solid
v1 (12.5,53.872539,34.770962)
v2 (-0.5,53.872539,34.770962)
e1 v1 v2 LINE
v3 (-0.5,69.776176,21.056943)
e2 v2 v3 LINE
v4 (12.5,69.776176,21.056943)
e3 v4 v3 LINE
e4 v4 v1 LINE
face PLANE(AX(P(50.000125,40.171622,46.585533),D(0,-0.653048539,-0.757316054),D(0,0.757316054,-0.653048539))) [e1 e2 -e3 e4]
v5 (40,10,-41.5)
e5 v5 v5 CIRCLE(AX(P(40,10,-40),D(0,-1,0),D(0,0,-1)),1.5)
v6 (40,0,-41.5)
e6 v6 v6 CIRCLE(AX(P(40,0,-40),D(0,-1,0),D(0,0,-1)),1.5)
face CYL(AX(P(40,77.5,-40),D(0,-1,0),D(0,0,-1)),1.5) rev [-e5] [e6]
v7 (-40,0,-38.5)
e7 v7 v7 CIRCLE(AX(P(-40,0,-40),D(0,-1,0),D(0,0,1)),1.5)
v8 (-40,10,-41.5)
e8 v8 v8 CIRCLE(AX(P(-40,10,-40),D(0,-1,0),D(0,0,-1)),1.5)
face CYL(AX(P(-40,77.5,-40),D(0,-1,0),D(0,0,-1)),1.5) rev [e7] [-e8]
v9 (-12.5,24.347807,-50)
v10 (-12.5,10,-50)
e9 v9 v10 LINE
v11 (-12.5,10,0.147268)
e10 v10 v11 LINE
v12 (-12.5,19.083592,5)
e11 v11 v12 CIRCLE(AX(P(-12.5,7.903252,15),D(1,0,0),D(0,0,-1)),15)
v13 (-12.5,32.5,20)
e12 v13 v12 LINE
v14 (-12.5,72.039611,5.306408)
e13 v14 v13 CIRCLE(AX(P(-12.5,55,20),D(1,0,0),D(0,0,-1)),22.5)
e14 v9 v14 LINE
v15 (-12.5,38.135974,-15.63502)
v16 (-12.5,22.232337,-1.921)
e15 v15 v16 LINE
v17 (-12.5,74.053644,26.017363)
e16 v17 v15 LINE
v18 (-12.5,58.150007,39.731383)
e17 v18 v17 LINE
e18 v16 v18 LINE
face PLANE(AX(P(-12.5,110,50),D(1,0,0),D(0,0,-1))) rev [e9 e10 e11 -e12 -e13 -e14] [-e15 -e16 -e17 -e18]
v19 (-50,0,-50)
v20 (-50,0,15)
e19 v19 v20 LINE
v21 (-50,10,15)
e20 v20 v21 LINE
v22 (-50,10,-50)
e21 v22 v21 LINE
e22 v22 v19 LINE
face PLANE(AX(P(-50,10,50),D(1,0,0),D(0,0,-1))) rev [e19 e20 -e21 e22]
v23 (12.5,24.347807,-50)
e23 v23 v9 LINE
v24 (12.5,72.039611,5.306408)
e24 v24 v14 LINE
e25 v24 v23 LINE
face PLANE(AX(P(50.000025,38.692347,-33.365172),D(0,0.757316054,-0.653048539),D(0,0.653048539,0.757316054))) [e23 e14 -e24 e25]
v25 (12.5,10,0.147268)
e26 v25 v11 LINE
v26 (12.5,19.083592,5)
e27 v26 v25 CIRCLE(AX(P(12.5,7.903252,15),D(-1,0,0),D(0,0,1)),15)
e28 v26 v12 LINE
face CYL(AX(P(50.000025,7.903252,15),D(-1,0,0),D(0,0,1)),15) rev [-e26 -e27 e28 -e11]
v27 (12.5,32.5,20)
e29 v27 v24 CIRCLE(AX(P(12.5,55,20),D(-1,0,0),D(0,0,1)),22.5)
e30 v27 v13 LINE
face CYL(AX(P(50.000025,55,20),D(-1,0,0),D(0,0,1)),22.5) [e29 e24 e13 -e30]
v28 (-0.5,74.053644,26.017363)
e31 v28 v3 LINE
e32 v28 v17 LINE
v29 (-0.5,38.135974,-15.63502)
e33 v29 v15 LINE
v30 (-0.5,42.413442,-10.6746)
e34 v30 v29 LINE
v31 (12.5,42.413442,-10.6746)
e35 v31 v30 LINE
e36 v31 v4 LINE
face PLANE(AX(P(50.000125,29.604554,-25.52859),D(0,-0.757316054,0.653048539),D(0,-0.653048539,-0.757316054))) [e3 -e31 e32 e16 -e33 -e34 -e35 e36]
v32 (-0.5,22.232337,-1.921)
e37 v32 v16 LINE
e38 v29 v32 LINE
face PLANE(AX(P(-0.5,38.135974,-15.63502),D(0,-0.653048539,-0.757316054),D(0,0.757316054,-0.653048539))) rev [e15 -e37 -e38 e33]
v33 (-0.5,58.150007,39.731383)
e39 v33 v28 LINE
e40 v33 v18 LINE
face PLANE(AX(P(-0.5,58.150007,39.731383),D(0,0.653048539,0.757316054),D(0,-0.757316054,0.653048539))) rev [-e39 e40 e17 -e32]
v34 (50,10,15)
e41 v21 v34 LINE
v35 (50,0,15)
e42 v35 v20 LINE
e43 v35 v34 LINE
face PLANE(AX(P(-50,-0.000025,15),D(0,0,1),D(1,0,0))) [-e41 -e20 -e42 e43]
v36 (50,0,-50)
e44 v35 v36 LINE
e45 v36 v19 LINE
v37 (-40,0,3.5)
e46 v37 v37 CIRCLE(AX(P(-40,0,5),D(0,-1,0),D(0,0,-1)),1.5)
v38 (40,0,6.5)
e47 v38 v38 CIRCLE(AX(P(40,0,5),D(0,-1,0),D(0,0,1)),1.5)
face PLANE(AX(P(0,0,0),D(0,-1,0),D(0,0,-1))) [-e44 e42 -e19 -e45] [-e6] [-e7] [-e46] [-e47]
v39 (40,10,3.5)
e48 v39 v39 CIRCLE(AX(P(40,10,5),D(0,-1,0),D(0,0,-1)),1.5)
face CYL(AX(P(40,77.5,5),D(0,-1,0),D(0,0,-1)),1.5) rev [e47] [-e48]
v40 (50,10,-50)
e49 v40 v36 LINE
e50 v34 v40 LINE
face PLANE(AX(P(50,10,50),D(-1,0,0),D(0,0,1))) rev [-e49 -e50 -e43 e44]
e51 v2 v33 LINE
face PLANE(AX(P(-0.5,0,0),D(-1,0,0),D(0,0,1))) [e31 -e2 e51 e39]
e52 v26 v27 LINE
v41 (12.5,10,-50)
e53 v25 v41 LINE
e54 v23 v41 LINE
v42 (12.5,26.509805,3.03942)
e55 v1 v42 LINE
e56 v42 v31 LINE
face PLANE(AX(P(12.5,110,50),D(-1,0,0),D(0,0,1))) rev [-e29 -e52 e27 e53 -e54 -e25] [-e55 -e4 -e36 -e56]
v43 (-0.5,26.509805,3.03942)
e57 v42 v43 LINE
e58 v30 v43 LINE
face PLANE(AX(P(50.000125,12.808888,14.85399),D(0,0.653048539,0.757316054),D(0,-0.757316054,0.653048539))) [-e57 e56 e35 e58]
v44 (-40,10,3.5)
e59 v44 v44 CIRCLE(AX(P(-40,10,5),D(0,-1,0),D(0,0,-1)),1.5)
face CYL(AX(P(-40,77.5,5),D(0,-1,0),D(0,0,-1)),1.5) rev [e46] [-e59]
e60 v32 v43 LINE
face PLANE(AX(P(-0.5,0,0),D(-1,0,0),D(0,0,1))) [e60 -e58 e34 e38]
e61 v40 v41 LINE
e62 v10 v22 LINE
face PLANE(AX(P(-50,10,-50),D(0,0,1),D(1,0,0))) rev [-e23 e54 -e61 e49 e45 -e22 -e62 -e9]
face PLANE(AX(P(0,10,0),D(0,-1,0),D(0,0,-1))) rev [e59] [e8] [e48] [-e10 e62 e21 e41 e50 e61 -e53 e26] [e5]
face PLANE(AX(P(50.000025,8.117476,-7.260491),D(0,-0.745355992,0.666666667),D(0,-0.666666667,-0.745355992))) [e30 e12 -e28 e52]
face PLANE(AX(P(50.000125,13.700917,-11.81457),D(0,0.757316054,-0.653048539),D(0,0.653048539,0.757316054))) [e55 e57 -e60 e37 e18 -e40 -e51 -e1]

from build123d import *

# Parameters (mm, degrees)
SKETCH2_W               = 100
SKETCH2_H               = 100
BOSS_EXTRUDE1_DEPTH     = 10
SKETCH3_W               = 25
SKETCH3_H               = 100
BOSS_EXTRUDE2_DEPTH     = 100
CUT_EXTRUDE3_DEPTH      = 137.037678604
CUT_EXTRUDE3_DEPTH_BACK = 137.037678604
CUT_EXTRUDE4_DEPTH      = 112.411399776
CUT_EXTRUDE4_DEPTH_BACK = 112.411399776
CUT_EXTRUDE5_DEPTH      = 12
CUT_EXTRUDE7_DEPTH      = 105.910676292
CUT_EXTRUDE7_DEPTH_BACK = 10
SKETCH16_W              = 100
SKETCH16_H              = 35
SKETCH17_R              = 1.5
CUT_EXTRUDE8_DEPTH      = 105.910676292


with BuildPart() as part:
    # Sketch2 → Boss-Extrude1 (new body)
    with BuildSketch(Plane(origin=(0, 0, 0), x_dir=(1, 0, 0), z_dir=(0, 1, 0))):
        Rectangle(SKETCH2_W, SKETCH2_H)
    extrude(amount=BOSS_EXTRUDE1_DEPTH)

    # Sketch3 → Boss-Extrude2 (add)
    with BuildSketch(Plane(origin=(0, 10, 0), x_dir=(1, 0, 0), z_dir=(0, 1, 0))):
        Rectangle(SKETCH3_W, SKETCH3_H)
    extrude(amount=BOSS_EXTRUDE2_DEPTH)

    # Sketch4 → Cut-Extrude3 (cut, two sides: drawn at the far end of the back side and taken through both)
    with BuildSketch(Plane.ZY.offset(12.5).offset(-CUT_EXTRUDE3_DEPTH_BACK)):
        with BuildLine():
            ThreePointArc((5, 19.083592135), (1.769637802, 14.971315355), (0.147267966, 10))
            Line((0.147267966, 10), (50, 10))
            Line((50, 10), (50, 110))
            Line((50, 110), (-50, 110))
            Line((-50, 110), (-50, 24.347807147))
            Line((-50, 24.347807147), (5.30640787, 72.039611214))
            ThreePointArc((5.30640787, 72.039611214), (29.371344009, 75.45551054), (42.5, 55))
            ThreePointArc((42.5, 55), (35.909902577, 39.090097423), (20, 32.5))
            Line((20, 32.5), (5, 19.083592135))
        make_face()
    extrude(amount=CUT_EXTRUDE3_DEPTH + CUT_EXTRUDE3_DEPTH_BACK, mode=Mode.SUBTRACT)

    # Sketch13 → Cut-Extrude4 (cut, two sides: drawn at the far end of the back side and taken through both)
    with BuildSketch(Plane.ZY.offset(12.5).offset(-CUT_EXTRUDE4_DEPTH_BACK)):
        Polygon((3.039419763, 26.509804879), (-10.674599558, 42.413442012), (21.056943103, 69.7761758), (34.770962424, 53.872538667), align=None)
    extrude(amount=CUT_EXTRUDE4_DEPTH + CUT_EXTRUDE4_DEPTH_BACK, mode=Mode.SUBTRACT)

    # Sketch14 → Cut-Extrude5 (cut)
    with BuildSketch(Plane.ZY.offset(12.5)):
        Polygon((-15.635019711, 38.135974081), (-1.92100039, 22.232336948), (39.731382578, 58.150006598), (26.017363257, 74.053643731), align=None)
    extrude(amount=-CUT_EXTRUDE5_DEPTH, mode=Mode.SUBTRACT)

    # Sketch16 → Cut-Extrude7 (cut, two sides: drawn at the far end of the back side and taken through both)
    with BuildSketch(Plane.XZ.offset(-CUT_EXTRUDE7_DEPTH_BACK)):
        with Locations((0, 32.5)):
            Rectangle(SKETCH16_W, SKETCH16_H)
    extrude(amount=CUT_EXTRUDE7_DEPTH + CUT_EXTRUDE7_DEPTH_BACK, mode=Mode.SUBTRACT)

    # Sketch17 → Cut-Extrude8 (cut, through all)
    with BuildSketch(Plane.XZ):
        with Locations(Location((-40, 5, 0), (0, 0, 270))):
            Circle(SKETCH17_R)
        with Locations(Location((40, 5, 0), (0, 0, 270))):
            Circle(SKETCH17_R)
        with Locations(Location((40, -40, 0), (0, 0, 270))):
            Circle(SKETCH17_R)
        with Locations(Location((-40, -40, 0), (0, 0, 270))):
            Circle(SKETCH17_R)
    extrude(amount=-CUT_EXTRUDE8_DEPTH, mode=Mode.SUBTRACT)


solid = part.part
